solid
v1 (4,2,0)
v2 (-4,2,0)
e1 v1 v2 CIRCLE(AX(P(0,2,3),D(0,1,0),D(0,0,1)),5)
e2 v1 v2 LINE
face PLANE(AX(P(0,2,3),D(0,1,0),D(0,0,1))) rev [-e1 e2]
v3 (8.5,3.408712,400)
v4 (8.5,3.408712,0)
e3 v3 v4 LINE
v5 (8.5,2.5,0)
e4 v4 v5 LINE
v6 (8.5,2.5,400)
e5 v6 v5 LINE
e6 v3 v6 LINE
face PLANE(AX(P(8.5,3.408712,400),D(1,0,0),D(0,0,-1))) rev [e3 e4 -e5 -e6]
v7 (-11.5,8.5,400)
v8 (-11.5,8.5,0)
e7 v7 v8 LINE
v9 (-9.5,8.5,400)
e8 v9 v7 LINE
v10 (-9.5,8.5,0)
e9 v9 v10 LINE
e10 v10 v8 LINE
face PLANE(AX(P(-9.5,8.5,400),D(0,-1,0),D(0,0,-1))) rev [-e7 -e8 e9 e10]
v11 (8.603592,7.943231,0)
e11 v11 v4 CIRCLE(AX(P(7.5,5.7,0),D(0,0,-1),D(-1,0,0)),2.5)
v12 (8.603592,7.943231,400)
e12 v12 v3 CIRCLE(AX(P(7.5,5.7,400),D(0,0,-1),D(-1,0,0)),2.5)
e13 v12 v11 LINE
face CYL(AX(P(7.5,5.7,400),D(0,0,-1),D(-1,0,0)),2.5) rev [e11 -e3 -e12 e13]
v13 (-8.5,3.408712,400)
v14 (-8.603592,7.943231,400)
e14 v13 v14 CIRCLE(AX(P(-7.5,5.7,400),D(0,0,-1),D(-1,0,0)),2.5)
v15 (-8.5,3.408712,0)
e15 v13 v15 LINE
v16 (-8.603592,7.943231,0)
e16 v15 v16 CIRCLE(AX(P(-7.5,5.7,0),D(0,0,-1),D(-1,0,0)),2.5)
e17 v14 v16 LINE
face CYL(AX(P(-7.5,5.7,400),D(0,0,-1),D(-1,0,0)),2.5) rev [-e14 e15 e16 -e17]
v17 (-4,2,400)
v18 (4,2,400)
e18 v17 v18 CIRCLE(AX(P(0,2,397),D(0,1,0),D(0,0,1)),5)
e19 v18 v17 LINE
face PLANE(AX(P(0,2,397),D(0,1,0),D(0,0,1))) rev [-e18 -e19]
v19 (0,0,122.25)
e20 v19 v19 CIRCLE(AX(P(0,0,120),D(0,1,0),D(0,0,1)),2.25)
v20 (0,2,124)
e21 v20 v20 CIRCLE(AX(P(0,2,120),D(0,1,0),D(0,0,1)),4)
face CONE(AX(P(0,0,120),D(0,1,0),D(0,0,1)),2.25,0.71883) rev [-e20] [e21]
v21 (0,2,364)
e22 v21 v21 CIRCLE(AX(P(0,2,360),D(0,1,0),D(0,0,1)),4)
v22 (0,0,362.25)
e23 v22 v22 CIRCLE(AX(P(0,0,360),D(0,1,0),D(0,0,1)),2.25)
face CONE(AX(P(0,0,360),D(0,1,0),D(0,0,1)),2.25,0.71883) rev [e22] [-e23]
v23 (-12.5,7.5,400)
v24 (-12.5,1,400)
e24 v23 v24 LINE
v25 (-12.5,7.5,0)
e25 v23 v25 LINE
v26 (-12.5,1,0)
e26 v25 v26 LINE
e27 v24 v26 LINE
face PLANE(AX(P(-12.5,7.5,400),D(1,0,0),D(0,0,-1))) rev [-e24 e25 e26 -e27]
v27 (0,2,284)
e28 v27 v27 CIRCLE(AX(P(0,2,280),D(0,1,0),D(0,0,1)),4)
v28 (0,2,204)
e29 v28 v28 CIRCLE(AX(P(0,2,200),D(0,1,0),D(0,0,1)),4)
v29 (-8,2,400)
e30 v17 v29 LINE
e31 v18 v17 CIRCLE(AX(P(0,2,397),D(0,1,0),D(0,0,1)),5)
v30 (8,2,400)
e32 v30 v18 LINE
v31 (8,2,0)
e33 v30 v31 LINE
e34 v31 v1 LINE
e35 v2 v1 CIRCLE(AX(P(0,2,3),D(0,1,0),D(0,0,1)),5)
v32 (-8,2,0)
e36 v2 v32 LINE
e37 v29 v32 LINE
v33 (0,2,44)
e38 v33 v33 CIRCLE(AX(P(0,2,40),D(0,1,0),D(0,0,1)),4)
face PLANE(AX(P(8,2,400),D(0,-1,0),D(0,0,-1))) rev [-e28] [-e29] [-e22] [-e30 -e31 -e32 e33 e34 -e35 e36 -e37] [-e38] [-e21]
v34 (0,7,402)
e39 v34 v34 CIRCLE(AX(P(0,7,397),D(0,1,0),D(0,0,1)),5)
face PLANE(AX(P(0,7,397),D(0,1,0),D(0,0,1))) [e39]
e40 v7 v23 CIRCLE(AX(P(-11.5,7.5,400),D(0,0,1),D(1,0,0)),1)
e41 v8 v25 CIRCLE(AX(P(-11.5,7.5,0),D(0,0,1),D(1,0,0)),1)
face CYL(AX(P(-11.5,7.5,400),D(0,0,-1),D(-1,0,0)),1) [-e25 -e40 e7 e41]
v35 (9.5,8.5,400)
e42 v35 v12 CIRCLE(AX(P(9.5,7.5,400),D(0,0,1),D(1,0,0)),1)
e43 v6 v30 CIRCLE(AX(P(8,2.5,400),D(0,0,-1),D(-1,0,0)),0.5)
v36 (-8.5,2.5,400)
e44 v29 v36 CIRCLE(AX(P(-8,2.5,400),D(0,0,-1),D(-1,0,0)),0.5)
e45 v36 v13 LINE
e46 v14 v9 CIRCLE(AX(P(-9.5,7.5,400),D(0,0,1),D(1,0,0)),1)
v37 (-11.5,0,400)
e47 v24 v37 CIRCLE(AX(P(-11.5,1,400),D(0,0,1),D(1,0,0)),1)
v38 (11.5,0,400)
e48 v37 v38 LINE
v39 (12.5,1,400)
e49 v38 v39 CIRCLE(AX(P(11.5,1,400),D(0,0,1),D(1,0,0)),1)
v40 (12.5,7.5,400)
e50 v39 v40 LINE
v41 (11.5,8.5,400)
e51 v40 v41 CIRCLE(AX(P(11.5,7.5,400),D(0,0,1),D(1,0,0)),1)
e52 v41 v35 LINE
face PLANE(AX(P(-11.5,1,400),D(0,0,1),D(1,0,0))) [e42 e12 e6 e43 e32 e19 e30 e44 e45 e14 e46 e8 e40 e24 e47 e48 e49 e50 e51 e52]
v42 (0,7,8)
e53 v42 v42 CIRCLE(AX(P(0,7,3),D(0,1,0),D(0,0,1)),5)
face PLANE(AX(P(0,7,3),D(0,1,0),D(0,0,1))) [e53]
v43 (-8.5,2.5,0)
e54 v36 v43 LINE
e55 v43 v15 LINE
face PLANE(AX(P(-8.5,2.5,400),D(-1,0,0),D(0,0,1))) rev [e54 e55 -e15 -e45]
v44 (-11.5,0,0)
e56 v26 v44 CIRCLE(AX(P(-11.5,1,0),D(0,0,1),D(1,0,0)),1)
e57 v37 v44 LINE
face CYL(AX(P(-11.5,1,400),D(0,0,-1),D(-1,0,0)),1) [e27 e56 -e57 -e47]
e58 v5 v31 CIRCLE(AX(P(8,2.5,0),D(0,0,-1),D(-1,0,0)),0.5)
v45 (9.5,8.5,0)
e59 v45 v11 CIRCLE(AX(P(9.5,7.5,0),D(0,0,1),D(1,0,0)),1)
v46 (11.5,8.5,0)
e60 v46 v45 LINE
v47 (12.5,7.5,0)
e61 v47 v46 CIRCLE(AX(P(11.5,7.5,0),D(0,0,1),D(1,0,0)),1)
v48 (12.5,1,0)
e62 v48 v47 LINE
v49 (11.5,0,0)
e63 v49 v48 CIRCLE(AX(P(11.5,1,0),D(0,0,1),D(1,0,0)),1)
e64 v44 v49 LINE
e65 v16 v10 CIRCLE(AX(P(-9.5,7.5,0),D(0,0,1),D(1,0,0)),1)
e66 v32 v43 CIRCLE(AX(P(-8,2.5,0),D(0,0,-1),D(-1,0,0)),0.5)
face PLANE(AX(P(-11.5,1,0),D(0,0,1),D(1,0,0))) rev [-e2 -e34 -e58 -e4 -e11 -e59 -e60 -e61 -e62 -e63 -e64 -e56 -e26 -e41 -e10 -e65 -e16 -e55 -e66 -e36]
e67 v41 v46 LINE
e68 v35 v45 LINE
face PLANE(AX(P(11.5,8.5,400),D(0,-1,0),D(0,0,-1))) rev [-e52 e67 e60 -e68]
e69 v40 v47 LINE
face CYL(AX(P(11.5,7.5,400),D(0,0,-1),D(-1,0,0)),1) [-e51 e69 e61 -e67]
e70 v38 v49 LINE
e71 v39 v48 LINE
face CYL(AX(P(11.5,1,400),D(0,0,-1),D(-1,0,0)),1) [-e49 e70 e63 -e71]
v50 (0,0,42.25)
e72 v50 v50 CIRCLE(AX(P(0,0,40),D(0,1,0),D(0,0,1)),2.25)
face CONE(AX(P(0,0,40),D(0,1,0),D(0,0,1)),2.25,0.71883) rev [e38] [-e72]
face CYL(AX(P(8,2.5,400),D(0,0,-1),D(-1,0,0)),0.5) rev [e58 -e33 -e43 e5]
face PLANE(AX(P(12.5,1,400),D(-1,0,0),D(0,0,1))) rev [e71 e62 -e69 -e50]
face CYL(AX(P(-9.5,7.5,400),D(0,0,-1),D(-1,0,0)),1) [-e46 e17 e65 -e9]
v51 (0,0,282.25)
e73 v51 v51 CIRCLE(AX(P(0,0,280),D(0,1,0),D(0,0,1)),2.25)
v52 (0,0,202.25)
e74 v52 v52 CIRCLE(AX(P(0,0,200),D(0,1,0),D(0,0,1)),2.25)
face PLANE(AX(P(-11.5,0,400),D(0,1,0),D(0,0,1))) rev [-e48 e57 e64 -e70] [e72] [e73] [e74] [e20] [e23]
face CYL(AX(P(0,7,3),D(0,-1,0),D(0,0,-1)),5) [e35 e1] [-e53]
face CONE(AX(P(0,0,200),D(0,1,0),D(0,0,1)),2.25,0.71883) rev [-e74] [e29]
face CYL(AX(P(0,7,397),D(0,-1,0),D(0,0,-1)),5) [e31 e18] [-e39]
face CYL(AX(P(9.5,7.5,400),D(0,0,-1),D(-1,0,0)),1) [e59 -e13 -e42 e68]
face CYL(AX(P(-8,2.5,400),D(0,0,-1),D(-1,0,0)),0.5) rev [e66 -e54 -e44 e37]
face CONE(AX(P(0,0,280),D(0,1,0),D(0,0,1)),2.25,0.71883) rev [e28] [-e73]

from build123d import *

# Parameters (mm, degrees)
BOSS_EXTRUDE1_DEPTH = 400
SKETCH7_R           = 5
BOSS_EXTRUDE2_DEPTH = 5
SKETCH8_R           = 5
BOSS_EXTRUDE3_DEPTH = 5


with BuildPart() as part:
    # Sketch1 → Boss-Extrude1 (new body)
    with BuildSketch(Plane.XY):
        with BuildLine():
            Line((-11.5, 0), (11.5, 0))
            ThreePointArc((11.5, 0), (12.207106781, 0.292893219), (12.5, 1))
            Line((12.5, 1), (12.5, 7.5))
            ThreePointArc((12.5, 7.5), (12.207106781, 8.207106781), (11.5, 8.5))
            Line((11.5, 8.5), (9.5, 8.5))
            ThreePointArc((9.5, 8.5), (8.97237829, 8.349479447), (8.603592403, 7.943230663))
            ThreePointArc((8.603592403, 7.943230663), (9.999347871, 5.642901666), (8.5, 3.408712153))
            Line((8.5, 3.408712153), (8.5, 2.5))
            ThreePointArc((8.5, 2.5), (8.353553391, 2.146446609), (8, 2))
            Line((8, 2), (-8, 2))
            ThreePointArc((-8, 2), (-8.353553391, 2.146446609), (-8.5, 2.5))
            Line((-8.5, 2.5), (-8.5, 3.408712153))
            ThreePointArc((-8.5, 3.408712153), (-9.999347871, 5.642901666), (-8.603592403, 7.943230663))
            ThreePointArc((-8.603592403, 7.943230663), (-8.97237829, 8.349479447), (-9.5, 8.5))
            Line((-9.5, 8.5), (-11.5, 8.5))
            ThreePointArc((-11.5, 8.5), (-12.207106781, 8.207106781), (-12.5, 7.5))
            Line((-12.5, 7.5), (-12.5, 1))
            ThreePointArc((-12.5, 1), (-12.207106781, 0.292893219), (-11.5, 0))
        make_face()
    extrude(amount=BOSS_EXTRUDE1_DEPTH)

    # Sketch2 → Cut-Revolve1 (revolve, cut)
    with BuildSketch(Plane.XY.offset(40), mode=Mode.PRIVATE) as cut_revolve1_sk:
        Polygon((0, 2), (4, 2), (2.25, 0), (0, 0), align=None)
    revolve(cut_revolve1_sk.sketch.rotate(Axis((0, 0, 40), (0, 1, 0)), 270), axis=Axis((0, 0, 40), (0, 1, 0)), mode=Mode.SUBTRACT)

    # Sketch3 → Cut-Revolve2 (revolve, cut)
    with BuildSketch(Plane.XY.offset(120), mode=Mode.PRIVATE) as cut_revolve2_sk:
        Polygon((0, 2), (4, 2), (2.25, 0), (0, 0), align=None)
    revolve(cut_revolve2_sk.sketch.rotate(Axis((0, 0, 120), (0, 1, 0)), 270), axis=Axis((0, 0, 120), (0, 1, 0)), mode=Mode.SUBTRACT)

    # Sketch4 → Cut-Revolve3 (revolve, cut)
    with BuildSketch(Plane.XY.offset(200), mode=Mode.PRIVATE) as cut_revolve3_sk:
        Polygon((0, 2), (4, 2), (2.25, 0), (0, 0), align=None)
    revolve(cut_revolve3_sk.sketch.rotate(Axis((0, 0, 200), (0, 1, 0)), 270), axis=Axis((0, 0, 200), (0, 1, 0)), mode=Mode.SUBTRACT)

    # Sketch5 → Cut-Revolve4 (revolve, cut)
    with BuildSketch(Plane.XY.offset(280), mode=Mode.PRIVATE) as cut_revolve4_sk:
        Polygon((0, 2), (4, 2), (2.25, 0), (0, 0), align=None)
    revolve(cut_revolve4_sk.sketch.rotate(Axis((0, 0, 280), (0, 1, 0)), 270), axis=Axis((0, 0, 280), (0, 1, 0)), mode=Mode.SUBTRACT)

    # Sketch6 → Cut-Revolve5 (revolve, cut)
    with BuildSketch(Plane.XY.offset(360), mode=Mode.PRIVATE) as cut_revolve5_sk:
        Polygon((0, 2), (4, 2), (2.25, 0), (0, 0), align=None)
    revolve(cut_revolve5_sk.sketch.rotate(Axis((0, 0, 360), (0, 1, 0)), 270), axis=Axis((0, 0, 360), (0, 1, 0)), mode=Mode.SUBTRACT)

    # Sketch7 → Boss-Extrude2 (add)
    with BuildSketch(Plane(origin=(0, 2, 0), x_dir=(1, 0, 0), z_dir=(0, 1, 0))):
        with Locations(Location((0, -3, 0), (0, 0, 143.130102354))):
            Circle(SKETCH7_R)
    extrude(amount=BOSS_EXTRUDE2_DEPTH)

    # Sketch8 → Boss-Extrude3 (add)
    with BuildSketch(Plane(origin=(0, 2, 0), x_dir=(1, 0, 0), z_dir=(0, 1, 0))):
        with Locations(Location((0, -397, 0), (0, 0, 216.869897646))):
            Circle(SKETCH8_R)
    extrude(amount=BOSS_EXTRUDE3_DEPTH)


solid = part.part
